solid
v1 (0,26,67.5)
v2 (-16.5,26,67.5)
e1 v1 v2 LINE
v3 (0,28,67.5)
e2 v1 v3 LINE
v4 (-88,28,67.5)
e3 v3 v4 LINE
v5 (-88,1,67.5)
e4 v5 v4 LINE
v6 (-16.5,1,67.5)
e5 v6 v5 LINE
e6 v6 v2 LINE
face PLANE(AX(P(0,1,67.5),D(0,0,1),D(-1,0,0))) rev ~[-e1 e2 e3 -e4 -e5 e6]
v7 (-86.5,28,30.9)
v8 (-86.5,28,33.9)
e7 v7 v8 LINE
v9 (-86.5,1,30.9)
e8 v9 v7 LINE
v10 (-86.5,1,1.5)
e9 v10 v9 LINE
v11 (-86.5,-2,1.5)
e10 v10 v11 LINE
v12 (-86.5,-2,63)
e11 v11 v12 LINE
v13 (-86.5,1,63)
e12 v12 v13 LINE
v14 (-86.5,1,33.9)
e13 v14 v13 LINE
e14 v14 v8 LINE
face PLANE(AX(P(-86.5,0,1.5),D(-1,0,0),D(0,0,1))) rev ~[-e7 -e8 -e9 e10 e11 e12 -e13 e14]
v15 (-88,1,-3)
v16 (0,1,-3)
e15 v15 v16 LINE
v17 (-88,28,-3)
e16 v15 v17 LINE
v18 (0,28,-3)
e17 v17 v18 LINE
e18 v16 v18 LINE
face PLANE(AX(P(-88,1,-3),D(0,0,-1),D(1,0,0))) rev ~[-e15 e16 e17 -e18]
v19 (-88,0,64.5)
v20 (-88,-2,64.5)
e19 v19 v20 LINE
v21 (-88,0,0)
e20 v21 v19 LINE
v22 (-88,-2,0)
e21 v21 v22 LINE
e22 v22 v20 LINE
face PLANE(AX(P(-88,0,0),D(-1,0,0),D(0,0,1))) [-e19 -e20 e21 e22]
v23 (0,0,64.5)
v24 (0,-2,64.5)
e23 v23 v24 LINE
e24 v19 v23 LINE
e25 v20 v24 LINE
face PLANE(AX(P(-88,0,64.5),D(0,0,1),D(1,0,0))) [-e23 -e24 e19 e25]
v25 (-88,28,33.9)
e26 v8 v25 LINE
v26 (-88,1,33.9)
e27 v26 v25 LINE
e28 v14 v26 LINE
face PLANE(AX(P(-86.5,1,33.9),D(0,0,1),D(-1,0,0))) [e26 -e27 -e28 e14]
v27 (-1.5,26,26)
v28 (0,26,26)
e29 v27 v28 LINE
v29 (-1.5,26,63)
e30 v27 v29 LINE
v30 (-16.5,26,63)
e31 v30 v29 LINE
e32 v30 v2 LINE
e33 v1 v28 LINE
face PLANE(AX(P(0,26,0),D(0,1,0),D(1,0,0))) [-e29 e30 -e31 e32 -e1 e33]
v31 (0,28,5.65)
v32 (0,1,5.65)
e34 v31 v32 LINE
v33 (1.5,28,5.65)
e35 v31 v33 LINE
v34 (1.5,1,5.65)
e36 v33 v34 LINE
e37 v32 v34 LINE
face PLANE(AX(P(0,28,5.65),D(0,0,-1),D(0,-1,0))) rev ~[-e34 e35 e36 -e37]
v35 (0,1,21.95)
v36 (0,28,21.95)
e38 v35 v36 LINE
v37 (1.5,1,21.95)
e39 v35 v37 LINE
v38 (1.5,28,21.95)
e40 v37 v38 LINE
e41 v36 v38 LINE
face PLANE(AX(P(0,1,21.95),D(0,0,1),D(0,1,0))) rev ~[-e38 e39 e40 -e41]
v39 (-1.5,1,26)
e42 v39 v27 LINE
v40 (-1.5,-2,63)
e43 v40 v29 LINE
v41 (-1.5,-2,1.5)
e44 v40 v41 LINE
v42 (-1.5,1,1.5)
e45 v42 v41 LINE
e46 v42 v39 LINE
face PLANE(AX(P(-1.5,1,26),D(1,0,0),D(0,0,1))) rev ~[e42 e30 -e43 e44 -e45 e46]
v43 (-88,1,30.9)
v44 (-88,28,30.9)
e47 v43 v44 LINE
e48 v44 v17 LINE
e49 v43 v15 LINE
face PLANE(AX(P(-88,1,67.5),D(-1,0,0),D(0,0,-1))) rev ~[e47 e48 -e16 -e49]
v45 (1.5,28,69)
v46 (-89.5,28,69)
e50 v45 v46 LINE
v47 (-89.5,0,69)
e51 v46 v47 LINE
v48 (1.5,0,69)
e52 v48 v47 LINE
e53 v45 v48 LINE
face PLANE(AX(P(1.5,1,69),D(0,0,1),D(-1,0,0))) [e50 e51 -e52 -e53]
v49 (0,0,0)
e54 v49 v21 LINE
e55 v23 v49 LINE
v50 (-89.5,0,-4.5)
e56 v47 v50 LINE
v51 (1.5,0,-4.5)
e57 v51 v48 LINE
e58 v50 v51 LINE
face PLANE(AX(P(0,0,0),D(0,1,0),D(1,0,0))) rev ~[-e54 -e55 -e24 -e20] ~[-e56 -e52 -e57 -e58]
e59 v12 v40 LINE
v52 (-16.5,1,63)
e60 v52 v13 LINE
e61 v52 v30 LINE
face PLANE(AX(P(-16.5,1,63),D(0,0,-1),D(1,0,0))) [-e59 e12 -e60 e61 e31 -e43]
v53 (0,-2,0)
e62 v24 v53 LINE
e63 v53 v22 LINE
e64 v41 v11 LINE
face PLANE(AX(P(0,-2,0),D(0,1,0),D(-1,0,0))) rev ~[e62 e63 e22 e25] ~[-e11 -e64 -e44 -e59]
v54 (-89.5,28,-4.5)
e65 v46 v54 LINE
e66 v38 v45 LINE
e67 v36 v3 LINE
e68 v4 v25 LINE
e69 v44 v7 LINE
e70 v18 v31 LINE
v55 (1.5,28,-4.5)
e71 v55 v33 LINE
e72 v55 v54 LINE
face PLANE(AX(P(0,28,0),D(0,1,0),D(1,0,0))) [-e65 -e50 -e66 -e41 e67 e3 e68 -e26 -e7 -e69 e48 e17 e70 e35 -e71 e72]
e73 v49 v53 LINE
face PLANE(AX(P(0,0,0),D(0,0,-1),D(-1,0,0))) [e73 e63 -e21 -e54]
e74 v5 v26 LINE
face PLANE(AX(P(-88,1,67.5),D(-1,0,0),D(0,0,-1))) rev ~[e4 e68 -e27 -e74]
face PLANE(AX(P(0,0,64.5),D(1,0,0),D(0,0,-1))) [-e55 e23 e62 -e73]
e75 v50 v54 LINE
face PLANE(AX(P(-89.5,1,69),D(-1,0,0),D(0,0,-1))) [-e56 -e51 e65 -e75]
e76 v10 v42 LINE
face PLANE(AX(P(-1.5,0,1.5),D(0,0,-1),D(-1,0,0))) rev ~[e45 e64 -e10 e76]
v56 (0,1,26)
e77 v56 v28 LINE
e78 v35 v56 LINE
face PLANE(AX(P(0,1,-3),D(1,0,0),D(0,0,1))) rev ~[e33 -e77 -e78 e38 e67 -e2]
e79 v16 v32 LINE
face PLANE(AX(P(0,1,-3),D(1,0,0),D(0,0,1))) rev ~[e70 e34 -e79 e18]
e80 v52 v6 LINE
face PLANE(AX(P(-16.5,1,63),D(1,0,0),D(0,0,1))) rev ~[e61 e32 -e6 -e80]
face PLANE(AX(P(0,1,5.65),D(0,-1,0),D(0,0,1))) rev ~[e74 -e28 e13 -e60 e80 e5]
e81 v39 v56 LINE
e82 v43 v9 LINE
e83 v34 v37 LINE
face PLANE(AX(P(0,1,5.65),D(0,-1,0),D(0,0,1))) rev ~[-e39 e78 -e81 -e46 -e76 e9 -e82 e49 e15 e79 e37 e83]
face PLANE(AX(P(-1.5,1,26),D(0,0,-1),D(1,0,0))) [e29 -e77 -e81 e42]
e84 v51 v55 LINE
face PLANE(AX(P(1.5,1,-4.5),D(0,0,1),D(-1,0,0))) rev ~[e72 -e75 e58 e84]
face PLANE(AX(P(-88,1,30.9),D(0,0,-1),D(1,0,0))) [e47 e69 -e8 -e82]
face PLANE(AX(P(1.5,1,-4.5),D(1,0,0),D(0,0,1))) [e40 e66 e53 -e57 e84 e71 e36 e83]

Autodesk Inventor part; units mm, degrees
ref_plane "YZ Plane" through (0, 0, 0) normal (1, 0, 0) x (0, 1, 0)
ref_plane "XZ Plane" through (0, 0, 0) normal (0, 1, 0) x (-1, 0, 0)
ref_plane "XY Plane" through (0, 0, 0) normal (0, 0, 1) x (1, 0, 0)
sketch "Szkic1" plane through (0, 0, 0) normal (0, 1, 0) x (-1, 0, 0)
  line L0 (0, 0) -> (88, 0)
  line L1 (88, 0) -> (88, 64.5)
  line L2 (88, 64.5) -> (0, 64.5)
  line L3 (0, 64.5) -> (0, 0)
  line L4 (88, 64.5) -> (86.5, 64.5) construction
  line L5 (86.5, 64.5) -> (86.5, 63) construction
  line L6 (86.5, 63) -> (88, 63) construction
  line L7 (88, 63) -> (88, 64.5) construction
  line L8 (0, 0) -> (1.5, 0) construction
  line L9 (1.5, 0) -> (1.5, 1.5) construction
  line L10 (1.5, 1.5) -> (0, 1.5) construction
  line L11 (0, 1.5) -> (0, 0) construction
  line L12 (86.5, 63) -> (1.5, 63)
  line L13 (1.5, 63) -> (1.5, 1.5)
  line L14 (1.5, 1.5) -> (86.5, 1.5)
  line L15 (86.5, 1.5) -> (86.5, 63)
  dimension "d0" = 88
  dimension "d1" = 64.5
  dimension "d2" = 1.5
  dimension "d3" = 1.5
  dimension "d4" = 1.5
  dimension "d5" = 1.5
extrude "Wyciągnięcie proste1" add sketch "Szkic1" against normal blind 2
sketch "Szkic2" plane through (0, 0, 0) normal (0, 1, 0) x (1, 0, 0)
  line L0 (0, -64.5) -> (-88, -64.5) construction
  line L1 (0, -64.5) -> (1.5, -64.5) construction
  line L2 (1.5, -64.5) -> (1.5, -69) construction
  line L3 (1.5, -69) -> (0, -69) construction
  line L4 (0, -69) -> (0, -64.5) construction
  line L5 (-88, 0) -> (0, 0) construction
  line L6 (-88, 0) -> (-89.5, 0) construction
  line L7 (-89.5, 0) -> (-89.5, 4.5) construction
  line L8 (-89.5, 4.5) -> (-88, 4.5) construction
  line L9 (-88, 4.5) -> (-88, 0) construction
  line L10 (1.5, -69) -> (-89.5, -69)
  line L11 (-89.5, -69) -> (-89.5, 4.5)
  line L12 (-89.5, 4.5) -> (1.5, 4.5)
  line L13 (1.5, 4.5) -> (1.5, -69)
  line L14 (-86.5, -1.5) -> (-86.5, -63) projected
  line L15 (-1.5, -63) -> (-86.5, -63)
  line L16 (-86.5, -63) -> (-86.5, -1.5)
  line L17 (-86.5, -1.5) -> (-1.5, -1.5)
  line L18 (-1.5, -1.5) -> (-1.5, -63)
  dimension "d8" = 1.5
  dimension "d9" = 4.5
  dimension "d10" = 1.5
  dimension "d11" = 4.5
extrude "Wyciągnięcie proste2" add sketch "Szkic2" along normal blind 1
sketch "Szkic3" plane through (0, 1, 0) normal (0, 1, 0) x (1, 0, 0)
  line L0 (-89.5, -69) -> (1.5, -69) construction
  line L1 (1.5, -69) -> (0, -69) construction
  line L2 (0, -69) -> (0, -67.5) construction
  line L3 (0, -67.5) -> (1.5, -67.5) construction
  line L4 (1.5, -67.5) -> (1.5, -69) construction
  line L5 (-89.5, 4.5) -> (-89.5, -69) construction
  line L6 (-89.5, 4.5) -> (-88, 4.5) construction
  line L7 (-88, 4.5) -> (-88, 3) construction
  line L8 (-88, 3) -> (-89.5, 3) construction
  line L9 (-89.5, 3) -> (-89.5, 4.5) construction
  line L10 (0, -67.5) -> (-88, -67.5)
  line L11 (-88, -67.5) -> (-88, 3)
  line L12 (-88, 3) -> (0, 3)
  line L13 (0, 3) -> (0, -67.5)
  line L14 (1.5, 4.5) -> (-89.5, 4.5) projected
  line L15 (1.5, -69) -> (-89.5, -69)
  line L16 (-89.5, -69) -> (-89.5, 4.5)
  line L17 (-89.5, 4.5) -> (1.5, 4.5)
  line L18 (1.5, 4.5) -> (1.5, -69)
  point P0 (0, 0)
  dimension "d14" = 1.5
  dimension "d15" = 1.5
  dimension "d16" = 1.5
  dimension "d17" = 1.5
extrude "Wyciągnięcie proste3" add sketch "Szkic3" along normal blind 27
sketch "Szkic4" plane through (0, 1, -3) normal (-1, 0, 0) x (0, 0, 1)
  line L0 (72, -1) -> (67.5, -1) projected
  line L1 (67.5, -1) -> (3, -1) projected
  line L2 (3, -1) -> (-1.5, -1) projected
  line L3 (-1.5, -1) -> (-1.5, 27) projected
  line L4 (-1.5, 27) -> (0, 27) projected
  line L5 (0, 27) -> (70.5, 27) projected
  line L6 (70.5, 27) -> (72, 27) projected
  line L7 (72, 27) -> (72, -1) projected
  line L8 (67.5, -1) -> (67.5, -3) projected
  line L9 (67.5, -3) -> (3, -3) projected
  line L10 (3, -3) -> (3, -1) projected
  line L11 (0, 27) -> (0, 0) projected
  line L12 (0, 0) -> (70.5, 0) projected
  line L13 (70.5, 0) -> (70.5, 27) projected
  line L14 (72, -1) -> (67.5, -1) projected
  line L15 (67.5, -1) -> (3, -1) projected
  line L16 (3, -1) -> (-1.5, -1) projected
  line L17 (-1.5, -1) -> (-1.5, 27) projected
  line L18 (-1.5, 27) -> (0, 27) projected
  line L19 (0, 27) -> (70.5, 27) projected
  line L20 (70.5, 27) -> (72, 27) projected
  line L21 (72, 27) -> (72, -1) projected
  line L22 (67.5, -1) -> (67.5, -3) projected
  line L23 (67.5, -3) -> (3, -3) projected
  line L24 (3, -3) -> (3, -1) projected
  line L25 (0, 27) -> (0, 0) projected
  line L26 (0, 0) -> (70.5, 0) projected
  line L27 (70.5, 0) -> (70.5, 27) projected
  line L28 (0, 0) -> (8.65, 0) construction
  line L29 (70.5, 0) -> (0, 0) construction
  line L30 (8.65, 0) -> (24.95, 0) construction
  line L31 (8.65, 0) -> (24.95, 0)
  line L32 (24.95, 0) -> (24.95, 27)
  line L33 (24.95, 27) -> (8.65, 27)
  line L34 (8.65, 27) -> (8.65, 0)
  dimension "d20" = 8.65
  dimension "d21" = 16.3
extrude "Wyciągnięcie proste4" cut sketch "Szkic4" against normal blind 1.5 contours L32 L12 L34 L5
sketch "Szkic5" plane through (0, 1, 0) normal (0, 1, 0) x (1, 0, 0)
  line L0 (-88, 3) -> (-88, -67.5) construction
  line L1 (-88, 3) -> (-88, -30.9) construction
  line L2 (-88, -30.9) -> (-86.5, -30.9)
  line L3 (-86.5, -30.9) -> (-86.5, -33.9)
  line L4 (-86.5, -33.9) -> (-88, -33.9)
  line L5 (-88, -33.9) -> (-88, -30.9)
  point P0 (0, 0)
  dimension "d24" = 33.9
  dimension "d25" = 1.5
  dimension "d26" = 3
extrude "Wyciągnięcie proste5" add sketch "Szkic5" along normal blind 27
sketch "Szkic6" plane through (0, 1, 0) normal (0, 1, 0) x (1, 0, 0)
  line L0 (-1.5, -1.5) -> (-1.5, -63) construction
  line L1 (-1.5, -63) -> (-1.5, -26) construction
  line L2 (-1.5, -63) -> (-16.5, -63) construction
  line L3 (-1.5, -63) -> (-86.5, -63) construction
  line L4 (-1.5, -26) -> (-1.5, -63)
  line L5 (-16.5, -63) -> (-1.5, -63)
  line L6 (-16.5, -63) -> (-16.5, -67.5)
  line L7 (0, -67.5) -> (-88, -67.5) projected
  line L8 (-16.5, -67.5) -> (0, -67.5)
  line L9 (0, -67.5) -> (0, -26)
  line L10 (0, -21.95) -> (0, -67.5) projected
  line L11 (-1.5, -26) -> (0, -26)
  point P0 (0, 0)
  dimension "d29" = 37
  dimension "d30" = 15
extrude "Wyciągnięcie proste6" add sketch "Szkic6" along normal blind 25
properties part number "gora"
